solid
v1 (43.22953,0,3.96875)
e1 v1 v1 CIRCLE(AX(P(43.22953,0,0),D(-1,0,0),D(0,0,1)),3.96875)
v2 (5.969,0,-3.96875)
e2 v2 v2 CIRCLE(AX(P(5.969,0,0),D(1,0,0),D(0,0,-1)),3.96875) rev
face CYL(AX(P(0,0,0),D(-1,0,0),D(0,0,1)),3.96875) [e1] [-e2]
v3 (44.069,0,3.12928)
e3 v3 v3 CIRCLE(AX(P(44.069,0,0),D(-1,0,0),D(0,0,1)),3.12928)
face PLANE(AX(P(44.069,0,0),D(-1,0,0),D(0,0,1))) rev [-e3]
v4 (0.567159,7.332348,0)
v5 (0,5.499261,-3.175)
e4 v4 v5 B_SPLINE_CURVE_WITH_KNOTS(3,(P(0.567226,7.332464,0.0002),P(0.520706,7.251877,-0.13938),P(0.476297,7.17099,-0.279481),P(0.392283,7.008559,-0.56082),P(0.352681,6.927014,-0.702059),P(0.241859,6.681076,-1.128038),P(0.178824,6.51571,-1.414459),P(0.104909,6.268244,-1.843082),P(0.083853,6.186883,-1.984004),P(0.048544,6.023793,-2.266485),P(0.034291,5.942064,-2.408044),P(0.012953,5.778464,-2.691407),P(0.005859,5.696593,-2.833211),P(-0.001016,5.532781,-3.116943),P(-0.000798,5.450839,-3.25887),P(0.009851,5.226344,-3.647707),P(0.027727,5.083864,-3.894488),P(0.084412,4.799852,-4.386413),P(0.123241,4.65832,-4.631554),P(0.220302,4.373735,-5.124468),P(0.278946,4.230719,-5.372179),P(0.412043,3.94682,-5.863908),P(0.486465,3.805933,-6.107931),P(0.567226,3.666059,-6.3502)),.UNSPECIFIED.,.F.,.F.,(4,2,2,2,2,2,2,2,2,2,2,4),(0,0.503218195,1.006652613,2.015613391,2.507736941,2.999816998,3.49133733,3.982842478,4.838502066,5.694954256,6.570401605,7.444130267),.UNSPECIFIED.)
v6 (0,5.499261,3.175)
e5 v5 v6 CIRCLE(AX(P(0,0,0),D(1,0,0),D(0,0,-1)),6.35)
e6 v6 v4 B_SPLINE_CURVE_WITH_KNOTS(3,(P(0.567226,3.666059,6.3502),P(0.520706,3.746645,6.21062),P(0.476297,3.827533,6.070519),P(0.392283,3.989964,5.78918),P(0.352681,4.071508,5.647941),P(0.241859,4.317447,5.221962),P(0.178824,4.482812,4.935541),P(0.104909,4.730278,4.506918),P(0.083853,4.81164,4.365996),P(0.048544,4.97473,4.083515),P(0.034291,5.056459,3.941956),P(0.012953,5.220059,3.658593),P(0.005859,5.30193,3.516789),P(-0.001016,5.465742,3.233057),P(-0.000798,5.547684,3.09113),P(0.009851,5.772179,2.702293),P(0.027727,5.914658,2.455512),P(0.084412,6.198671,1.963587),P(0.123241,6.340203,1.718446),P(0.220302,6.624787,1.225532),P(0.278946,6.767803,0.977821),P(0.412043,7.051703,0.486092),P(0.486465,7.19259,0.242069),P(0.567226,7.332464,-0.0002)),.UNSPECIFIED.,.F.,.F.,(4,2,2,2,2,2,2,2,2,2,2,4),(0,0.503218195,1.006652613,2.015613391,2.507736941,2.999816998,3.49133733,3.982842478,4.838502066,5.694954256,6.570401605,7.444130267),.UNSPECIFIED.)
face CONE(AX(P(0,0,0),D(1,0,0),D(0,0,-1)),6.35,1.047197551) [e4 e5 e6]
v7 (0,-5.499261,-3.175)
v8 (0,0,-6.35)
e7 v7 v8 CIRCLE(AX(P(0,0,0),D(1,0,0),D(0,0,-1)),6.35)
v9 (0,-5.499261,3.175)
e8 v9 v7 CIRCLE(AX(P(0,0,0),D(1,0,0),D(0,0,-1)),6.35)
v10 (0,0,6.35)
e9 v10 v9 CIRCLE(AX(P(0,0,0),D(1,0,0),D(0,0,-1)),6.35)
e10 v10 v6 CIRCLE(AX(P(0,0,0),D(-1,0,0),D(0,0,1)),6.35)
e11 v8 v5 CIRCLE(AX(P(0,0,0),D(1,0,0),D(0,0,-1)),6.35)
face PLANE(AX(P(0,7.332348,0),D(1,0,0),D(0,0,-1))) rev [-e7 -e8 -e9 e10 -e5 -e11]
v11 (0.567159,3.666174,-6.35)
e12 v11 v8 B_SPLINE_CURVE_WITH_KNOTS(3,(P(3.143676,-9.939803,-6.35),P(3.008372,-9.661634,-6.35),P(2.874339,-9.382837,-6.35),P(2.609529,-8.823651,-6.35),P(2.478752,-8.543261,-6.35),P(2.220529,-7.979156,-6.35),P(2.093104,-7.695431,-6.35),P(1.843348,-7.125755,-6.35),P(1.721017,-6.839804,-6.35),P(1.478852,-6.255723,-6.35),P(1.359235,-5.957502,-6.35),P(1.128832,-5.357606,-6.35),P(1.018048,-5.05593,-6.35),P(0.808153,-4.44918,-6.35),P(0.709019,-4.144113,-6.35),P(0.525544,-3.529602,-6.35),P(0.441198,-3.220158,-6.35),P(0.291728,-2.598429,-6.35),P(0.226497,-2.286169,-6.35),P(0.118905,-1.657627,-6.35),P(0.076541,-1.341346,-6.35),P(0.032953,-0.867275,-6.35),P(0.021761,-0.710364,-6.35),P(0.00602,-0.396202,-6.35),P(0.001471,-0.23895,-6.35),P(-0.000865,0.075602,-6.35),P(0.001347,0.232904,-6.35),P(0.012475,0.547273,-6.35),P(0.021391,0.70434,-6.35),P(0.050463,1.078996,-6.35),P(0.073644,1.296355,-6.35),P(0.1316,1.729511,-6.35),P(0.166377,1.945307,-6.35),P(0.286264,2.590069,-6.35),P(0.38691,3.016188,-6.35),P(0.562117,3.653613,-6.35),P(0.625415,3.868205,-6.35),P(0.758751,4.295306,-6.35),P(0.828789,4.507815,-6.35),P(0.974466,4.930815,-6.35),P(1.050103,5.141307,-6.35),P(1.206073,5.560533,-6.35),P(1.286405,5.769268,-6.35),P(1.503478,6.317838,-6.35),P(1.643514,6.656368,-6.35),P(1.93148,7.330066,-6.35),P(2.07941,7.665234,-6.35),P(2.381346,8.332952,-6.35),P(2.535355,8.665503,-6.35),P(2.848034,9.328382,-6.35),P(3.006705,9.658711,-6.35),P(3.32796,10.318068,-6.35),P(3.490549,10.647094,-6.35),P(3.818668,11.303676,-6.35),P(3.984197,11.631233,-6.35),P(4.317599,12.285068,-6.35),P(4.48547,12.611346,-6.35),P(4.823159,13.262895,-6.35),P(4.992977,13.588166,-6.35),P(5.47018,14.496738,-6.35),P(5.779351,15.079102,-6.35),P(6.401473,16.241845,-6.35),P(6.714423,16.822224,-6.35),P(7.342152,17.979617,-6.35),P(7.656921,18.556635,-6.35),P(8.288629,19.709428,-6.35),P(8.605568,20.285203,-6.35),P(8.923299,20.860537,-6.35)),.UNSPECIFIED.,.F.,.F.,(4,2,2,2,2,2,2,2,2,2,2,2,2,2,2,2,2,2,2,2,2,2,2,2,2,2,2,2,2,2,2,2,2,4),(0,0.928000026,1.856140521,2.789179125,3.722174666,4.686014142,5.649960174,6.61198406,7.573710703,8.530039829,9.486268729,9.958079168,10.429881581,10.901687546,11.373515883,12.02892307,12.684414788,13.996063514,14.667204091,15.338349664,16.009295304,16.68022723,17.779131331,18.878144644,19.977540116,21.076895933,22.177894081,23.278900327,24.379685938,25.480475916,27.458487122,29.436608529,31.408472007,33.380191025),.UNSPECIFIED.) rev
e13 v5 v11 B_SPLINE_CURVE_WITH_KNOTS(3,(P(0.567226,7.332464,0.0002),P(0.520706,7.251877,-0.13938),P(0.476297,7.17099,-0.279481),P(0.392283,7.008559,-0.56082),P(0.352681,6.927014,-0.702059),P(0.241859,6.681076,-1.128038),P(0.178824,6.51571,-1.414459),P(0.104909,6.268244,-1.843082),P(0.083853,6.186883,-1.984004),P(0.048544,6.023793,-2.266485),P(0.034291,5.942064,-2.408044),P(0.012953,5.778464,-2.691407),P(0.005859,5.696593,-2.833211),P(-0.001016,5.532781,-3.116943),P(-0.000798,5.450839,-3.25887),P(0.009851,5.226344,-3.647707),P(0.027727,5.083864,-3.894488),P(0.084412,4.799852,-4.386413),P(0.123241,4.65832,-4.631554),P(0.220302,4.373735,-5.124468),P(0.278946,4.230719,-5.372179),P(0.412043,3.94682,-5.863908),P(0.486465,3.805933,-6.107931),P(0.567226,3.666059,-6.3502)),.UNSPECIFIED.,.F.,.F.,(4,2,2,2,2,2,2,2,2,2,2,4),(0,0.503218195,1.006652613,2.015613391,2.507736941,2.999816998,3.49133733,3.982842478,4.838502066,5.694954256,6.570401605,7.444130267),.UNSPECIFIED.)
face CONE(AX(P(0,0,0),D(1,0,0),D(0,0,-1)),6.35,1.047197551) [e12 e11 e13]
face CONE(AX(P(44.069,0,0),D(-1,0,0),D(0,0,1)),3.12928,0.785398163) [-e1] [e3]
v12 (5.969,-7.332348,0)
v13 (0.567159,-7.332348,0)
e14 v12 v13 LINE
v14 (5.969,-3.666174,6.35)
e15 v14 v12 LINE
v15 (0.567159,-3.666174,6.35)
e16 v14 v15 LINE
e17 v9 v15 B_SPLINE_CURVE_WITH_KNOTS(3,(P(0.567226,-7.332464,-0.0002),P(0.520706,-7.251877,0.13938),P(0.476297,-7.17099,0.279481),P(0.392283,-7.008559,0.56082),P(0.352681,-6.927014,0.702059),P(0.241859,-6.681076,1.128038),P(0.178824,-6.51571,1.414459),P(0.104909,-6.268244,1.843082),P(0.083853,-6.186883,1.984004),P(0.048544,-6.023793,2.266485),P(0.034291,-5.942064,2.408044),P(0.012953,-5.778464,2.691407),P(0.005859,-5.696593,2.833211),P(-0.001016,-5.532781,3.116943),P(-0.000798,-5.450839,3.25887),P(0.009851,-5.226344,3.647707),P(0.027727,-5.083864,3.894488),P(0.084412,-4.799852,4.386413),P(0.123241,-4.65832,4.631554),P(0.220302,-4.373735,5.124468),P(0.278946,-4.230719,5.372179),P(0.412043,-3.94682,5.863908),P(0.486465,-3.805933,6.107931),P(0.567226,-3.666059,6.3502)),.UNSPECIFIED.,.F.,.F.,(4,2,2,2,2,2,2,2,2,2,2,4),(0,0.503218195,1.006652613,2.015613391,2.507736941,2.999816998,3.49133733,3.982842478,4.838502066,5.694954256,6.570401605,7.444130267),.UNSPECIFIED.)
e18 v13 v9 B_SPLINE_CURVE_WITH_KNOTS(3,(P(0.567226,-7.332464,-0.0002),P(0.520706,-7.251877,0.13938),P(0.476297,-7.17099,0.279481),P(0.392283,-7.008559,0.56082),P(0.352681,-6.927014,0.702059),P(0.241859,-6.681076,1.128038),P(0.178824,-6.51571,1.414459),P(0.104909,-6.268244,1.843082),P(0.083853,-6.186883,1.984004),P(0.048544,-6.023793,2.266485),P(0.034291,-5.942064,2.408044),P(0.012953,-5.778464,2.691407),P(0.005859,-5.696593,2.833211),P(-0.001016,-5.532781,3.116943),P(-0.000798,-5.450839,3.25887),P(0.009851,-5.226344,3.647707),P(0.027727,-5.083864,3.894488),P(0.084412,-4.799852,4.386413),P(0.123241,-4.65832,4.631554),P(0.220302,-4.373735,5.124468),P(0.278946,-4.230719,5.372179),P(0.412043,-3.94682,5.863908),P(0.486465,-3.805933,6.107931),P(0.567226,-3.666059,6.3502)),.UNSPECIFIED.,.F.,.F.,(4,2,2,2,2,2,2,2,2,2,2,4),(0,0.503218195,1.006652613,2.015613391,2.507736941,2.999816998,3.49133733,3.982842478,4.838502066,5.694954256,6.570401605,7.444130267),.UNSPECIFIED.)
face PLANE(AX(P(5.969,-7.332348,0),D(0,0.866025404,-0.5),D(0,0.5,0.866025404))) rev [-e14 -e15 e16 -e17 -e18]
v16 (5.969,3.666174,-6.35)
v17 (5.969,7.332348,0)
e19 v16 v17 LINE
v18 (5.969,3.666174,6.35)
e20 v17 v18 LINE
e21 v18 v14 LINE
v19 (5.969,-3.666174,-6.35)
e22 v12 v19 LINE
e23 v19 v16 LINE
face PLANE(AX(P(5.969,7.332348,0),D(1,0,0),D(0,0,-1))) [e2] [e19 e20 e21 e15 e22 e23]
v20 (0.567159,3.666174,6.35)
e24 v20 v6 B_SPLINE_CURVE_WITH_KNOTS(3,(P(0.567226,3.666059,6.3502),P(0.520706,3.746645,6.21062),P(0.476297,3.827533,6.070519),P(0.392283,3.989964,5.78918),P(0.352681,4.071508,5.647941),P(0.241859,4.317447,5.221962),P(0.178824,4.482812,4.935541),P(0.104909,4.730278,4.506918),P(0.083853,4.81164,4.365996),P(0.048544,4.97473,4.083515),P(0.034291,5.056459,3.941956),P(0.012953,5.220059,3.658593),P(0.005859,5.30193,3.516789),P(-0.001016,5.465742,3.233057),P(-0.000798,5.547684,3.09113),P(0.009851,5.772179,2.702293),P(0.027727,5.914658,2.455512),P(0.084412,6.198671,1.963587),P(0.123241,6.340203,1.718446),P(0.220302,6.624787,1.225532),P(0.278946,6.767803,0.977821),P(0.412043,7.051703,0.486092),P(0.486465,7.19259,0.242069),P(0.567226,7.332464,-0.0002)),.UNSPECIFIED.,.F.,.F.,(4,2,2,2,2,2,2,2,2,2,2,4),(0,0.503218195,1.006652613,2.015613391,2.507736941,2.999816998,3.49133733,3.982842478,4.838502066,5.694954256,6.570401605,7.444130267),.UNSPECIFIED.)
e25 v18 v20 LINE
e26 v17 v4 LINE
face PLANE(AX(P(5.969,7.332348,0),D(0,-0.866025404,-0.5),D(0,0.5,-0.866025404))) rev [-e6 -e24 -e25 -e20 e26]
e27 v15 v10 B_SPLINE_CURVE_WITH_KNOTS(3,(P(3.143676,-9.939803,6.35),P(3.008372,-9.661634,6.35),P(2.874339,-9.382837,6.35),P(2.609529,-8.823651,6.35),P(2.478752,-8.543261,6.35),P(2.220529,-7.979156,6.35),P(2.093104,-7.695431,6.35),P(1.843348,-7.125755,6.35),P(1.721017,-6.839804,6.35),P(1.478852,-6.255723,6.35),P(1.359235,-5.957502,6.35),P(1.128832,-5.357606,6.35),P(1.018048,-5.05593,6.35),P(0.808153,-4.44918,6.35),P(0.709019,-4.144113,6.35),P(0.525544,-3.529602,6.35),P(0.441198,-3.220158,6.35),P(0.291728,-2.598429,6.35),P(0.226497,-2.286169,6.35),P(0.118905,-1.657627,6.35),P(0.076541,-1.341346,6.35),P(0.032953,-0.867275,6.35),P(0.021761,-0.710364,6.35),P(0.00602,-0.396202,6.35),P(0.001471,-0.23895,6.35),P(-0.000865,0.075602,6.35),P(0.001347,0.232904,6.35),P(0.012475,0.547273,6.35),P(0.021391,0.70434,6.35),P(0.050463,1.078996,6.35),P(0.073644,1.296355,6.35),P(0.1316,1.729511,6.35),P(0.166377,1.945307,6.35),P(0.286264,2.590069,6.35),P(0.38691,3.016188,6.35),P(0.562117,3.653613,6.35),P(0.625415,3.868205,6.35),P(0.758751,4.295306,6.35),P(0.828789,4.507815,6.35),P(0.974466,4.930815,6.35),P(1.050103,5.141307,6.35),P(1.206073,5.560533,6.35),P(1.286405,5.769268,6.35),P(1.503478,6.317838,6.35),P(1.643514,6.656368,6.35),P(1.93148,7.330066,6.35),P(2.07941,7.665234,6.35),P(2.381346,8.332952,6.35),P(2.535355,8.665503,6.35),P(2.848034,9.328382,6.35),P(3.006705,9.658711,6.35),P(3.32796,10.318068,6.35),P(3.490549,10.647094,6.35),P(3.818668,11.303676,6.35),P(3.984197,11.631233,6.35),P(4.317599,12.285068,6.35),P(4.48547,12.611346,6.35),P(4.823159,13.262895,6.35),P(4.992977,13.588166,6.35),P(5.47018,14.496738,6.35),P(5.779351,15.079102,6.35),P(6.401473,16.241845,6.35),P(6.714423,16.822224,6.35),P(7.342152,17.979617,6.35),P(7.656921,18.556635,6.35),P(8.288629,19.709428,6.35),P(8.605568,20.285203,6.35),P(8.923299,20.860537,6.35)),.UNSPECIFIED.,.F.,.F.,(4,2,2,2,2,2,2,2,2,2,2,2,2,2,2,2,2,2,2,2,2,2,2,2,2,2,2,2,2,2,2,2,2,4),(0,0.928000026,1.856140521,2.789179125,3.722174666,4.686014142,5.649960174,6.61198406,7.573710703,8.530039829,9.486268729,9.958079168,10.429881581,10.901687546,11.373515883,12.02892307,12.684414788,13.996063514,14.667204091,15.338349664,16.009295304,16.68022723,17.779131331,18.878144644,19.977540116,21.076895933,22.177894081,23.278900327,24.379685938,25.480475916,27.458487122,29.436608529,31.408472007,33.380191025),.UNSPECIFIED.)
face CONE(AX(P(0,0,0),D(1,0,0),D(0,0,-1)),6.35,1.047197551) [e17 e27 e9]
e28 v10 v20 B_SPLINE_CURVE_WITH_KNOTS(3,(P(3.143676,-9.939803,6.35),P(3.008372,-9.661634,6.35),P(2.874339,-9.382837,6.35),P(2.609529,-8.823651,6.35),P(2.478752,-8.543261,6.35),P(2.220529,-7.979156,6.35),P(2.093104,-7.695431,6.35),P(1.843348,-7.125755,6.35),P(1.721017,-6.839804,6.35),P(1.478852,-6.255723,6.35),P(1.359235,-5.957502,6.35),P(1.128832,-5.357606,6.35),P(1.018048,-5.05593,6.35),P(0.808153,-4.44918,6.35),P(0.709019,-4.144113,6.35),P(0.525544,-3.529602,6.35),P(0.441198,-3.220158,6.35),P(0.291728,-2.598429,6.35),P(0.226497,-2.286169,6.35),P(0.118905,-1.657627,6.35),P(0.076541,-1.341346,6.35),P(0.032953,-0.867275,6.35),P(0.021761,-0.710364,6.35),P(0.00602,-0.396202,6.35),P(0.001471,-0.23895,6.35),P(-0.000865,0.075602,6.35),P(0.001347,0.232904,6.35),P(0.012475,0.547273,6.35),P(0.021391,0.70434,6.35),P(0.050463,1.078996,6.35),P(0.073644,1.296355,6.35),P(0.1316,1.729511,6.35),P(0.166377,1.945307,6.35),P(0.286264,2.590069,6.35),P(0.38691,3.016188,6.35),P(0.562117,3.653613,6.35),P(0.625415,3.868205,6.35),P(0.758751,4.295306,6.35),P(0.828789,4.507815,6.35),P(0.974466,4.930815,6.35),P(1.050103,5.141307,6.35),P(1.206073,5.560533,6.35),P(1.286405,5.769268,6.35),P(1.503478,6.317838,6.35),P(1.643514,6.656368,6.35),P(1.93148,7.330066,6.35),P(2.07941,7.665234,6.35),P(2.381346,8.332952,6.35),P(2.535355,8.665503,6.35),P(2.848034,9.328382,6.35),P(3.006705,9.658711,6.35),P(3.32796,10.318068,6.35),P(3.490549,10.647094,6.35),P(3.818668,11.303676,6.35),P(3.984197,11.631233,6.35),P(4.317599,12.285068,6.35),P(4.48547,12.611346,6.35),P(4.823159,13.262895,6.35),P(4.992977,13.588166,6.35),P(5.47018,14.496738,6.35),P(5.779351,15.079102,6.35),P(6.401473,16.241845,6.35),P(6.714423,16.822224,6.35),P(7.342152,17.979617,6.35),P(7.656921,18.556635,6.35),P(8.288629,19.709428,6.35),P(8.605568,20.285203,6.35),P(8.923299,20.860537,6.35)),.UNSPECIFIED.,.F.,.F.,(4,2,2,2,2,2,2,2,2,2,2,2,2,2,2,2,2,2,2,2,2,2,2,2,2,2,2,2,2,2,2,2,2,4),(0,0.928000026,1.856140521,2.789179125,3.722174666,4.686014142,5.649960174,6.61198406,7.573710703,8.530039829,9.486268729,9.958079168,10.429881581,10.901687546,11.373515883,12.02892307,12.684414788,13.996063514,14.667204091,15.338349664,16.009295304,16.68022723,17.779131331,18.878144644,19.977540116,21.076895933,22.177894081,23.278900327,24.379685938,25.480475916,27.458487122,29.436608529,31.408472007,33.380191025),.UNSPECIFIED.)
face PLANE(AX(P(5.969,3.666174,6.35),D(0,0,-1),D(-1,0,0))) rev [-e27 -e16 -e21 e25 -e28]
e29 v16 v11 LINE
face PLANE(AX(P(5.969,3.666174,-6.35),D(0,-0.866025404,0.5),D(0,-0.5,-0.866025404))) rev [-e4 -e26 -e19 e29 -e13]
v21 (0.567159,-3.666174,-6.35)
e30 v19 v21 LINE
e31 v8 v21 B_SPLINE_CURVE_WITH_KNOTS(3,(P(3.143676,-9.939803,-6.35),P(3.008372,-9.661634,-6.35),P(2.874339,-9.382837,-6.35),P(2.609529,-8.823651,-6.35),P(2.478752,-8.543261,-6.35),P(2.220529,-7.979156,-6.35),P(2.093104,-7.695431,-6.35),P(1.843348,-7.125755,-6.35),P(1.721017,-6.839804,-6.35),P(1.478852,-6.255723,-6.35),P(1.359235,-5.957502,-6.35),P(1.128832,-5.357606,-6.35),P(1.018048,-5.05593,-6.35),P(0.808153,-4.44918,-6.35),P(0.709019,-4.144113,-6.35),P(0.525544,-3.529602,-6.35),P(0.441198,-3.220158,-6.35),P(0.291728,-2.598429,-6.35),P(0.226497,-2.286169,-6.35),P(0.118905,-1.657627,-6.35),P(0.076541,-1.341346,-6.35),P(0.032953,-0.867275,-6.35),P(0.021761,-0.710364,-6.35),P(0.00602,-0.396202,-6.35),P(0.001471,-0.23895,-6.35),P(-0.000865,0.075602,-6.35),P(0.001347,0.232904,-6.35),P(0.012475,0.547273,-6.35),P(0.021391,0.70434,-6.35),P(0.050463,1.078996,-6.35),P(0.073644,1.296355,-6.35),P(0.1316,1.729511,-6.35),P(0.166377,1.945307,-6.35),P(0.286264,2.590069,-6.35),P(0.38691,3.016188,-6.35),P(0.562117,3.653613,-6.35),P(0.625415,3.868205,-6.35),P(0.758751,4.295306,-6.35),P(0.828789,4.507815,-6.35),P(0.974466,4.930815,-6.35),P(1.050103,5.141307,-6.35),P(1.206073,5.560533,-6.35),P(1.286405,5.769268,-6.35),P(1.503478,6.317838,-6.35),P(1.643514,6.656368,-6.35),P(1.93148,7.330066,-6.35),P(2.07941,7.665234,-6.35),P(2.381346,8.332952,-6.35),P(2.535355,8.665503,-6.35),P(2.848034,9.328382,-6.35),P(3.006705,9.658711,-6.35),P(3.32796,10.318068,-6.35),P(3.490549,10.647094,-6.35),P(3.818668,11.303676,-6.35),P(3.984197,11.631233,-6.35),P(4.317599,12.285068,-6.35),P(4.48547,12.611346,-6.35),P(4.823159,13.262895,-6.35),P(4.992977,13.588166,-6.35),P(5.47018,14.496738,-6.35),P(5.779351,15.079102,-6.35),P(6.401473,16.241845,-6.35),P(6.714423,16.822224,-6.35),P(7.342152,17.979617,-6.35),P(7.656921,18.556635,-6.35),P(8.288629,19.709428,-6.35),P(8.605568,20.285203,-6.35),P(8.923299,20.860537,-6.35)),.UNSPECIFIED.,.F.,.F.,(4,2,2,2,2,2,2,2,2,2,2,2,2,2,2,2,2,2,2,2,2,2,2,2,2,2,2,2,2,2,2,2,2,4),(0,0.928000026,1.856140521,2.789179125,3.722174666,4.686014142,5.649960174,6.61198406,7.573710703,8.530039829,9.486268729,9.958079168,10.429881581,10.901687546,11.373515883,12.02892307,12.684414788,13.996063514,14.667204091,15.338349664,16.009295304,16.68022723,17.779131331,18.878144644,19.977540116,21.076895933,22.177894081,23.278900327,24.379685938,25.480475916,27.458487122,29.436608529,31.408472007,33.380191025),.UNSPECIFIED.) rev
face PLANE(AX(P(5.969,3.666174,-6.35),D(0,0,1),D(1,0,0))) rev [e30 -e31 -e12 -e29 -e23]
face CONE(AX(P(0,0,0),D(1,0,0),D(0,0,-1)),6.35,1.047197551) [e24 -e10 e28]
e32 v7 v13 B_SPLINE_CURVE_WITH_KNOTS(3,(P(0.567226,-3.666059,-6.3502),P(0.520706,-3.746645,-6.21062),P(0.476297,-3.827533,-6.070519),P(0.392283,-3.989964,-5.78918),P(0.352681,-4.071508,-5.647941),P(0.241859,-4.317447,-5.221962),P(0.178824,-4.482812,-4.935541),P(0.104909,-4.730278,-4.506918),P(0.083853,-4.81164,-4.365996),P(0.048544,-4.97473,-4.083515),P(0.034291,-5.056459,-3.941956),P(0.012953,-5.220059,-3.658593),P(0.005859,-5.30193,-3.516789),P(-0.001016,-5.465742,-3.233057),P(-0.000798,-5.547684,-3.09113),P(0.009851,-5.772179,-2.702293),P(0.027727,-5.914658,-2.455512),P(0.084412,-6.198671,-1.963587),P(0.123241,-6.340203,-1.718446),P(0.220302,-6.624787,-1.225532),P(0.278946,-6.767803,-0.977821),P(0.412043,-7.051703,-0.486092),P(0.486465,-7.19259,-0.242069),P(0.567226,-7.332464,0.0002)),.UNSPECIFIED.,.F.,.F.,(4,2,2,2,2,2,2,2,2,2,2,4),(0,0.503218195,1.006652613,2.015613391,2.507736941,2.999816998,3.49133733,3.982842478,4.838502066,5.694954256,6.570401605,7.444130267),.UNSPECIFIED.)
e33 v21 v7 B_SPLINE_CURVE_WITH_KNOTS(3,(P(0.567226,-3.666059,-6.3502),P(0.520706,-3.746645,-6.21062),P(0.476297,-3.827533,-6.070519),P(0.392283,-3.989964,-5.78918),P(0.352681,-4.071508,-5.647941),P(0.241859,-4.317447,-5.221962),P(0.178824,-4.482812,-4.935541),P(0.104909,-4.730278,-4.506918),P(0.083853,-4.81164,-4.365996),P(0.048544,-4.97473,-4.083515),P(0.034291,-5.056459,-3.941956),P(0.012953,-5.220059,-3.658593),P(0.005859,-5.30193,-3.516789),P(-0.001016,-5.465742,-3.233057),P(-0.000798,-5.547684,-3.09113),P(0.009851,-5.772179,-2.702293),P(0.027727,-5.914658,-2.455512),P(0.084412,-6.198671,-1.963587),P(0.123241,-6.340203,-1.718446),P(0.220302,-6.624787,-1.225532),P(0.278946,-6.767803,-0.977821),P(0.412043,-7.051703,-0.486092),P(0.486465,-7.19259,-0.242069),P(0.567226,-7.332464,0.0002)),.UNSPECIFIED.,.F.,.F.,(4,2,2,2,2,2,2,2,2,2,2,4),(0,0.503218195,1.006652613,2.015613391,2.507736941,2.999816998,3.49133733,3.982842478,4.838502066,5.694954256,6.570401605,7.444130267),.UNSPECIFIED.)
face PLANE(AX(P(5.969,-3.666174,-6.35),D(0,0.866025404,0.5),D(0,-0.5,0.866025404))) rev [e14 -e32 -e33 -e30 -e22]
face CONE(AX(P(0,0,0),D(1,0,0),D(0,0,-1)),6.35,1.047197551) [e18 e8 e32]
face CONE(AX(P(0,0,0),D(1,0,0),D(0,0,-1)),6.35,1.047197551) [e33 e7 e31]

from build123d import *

# Parameters (mm, degrees)
BASEHEAD_DEPTH = 5.969


with BuildPart() as part:
    # Sketch1 → BaseHead (new body)
    with BuildSketch(Plane(origin=(0, 0, 0), x_dir=(0, 0, -1), z_dir=(1, 0, 0))):
        Polygon((6.35, 3.666174209), (6.35, -3.666174209), (0, -7.332348419), (-6.35, -3.666174209), (-6.35, 3.666174209), (0, 7.332348419), align=None)
    extrude(amount=BASEHEAD_DEPTH)

    # BodySke → BaseBody (revolve)
    with BuildSketch(Plane.XY, mode=Mode.PRIVATE) as basebody_sk:
        Polygon((0, 0), (44.069, 0), (44.069, 3.12928), (43.22953, 3.96875), (0, 3.96875), align=None)
    revolve(basebody_sk.sketch.rotate(Axis((0, 0, 0), (1, 0, 0)), 90), axis=Axis((0, 0, 0), (1, 0, 0)))

    # Sketch3 → HeadChamfer (revolve, cut)
    with BuildSketch(Plane.XY):
        Polygon((0, 6.35), (4.233333333, 13.682348419), (4.233333333, 20.032348419), (-12.7, 20.032348419), (-12.7, 6.35), align=None)
    revolve(axis=Axis((0, 0, 0), (1, 0, 0)), mode=Mode.SUBTRACT)


solid = part.part
